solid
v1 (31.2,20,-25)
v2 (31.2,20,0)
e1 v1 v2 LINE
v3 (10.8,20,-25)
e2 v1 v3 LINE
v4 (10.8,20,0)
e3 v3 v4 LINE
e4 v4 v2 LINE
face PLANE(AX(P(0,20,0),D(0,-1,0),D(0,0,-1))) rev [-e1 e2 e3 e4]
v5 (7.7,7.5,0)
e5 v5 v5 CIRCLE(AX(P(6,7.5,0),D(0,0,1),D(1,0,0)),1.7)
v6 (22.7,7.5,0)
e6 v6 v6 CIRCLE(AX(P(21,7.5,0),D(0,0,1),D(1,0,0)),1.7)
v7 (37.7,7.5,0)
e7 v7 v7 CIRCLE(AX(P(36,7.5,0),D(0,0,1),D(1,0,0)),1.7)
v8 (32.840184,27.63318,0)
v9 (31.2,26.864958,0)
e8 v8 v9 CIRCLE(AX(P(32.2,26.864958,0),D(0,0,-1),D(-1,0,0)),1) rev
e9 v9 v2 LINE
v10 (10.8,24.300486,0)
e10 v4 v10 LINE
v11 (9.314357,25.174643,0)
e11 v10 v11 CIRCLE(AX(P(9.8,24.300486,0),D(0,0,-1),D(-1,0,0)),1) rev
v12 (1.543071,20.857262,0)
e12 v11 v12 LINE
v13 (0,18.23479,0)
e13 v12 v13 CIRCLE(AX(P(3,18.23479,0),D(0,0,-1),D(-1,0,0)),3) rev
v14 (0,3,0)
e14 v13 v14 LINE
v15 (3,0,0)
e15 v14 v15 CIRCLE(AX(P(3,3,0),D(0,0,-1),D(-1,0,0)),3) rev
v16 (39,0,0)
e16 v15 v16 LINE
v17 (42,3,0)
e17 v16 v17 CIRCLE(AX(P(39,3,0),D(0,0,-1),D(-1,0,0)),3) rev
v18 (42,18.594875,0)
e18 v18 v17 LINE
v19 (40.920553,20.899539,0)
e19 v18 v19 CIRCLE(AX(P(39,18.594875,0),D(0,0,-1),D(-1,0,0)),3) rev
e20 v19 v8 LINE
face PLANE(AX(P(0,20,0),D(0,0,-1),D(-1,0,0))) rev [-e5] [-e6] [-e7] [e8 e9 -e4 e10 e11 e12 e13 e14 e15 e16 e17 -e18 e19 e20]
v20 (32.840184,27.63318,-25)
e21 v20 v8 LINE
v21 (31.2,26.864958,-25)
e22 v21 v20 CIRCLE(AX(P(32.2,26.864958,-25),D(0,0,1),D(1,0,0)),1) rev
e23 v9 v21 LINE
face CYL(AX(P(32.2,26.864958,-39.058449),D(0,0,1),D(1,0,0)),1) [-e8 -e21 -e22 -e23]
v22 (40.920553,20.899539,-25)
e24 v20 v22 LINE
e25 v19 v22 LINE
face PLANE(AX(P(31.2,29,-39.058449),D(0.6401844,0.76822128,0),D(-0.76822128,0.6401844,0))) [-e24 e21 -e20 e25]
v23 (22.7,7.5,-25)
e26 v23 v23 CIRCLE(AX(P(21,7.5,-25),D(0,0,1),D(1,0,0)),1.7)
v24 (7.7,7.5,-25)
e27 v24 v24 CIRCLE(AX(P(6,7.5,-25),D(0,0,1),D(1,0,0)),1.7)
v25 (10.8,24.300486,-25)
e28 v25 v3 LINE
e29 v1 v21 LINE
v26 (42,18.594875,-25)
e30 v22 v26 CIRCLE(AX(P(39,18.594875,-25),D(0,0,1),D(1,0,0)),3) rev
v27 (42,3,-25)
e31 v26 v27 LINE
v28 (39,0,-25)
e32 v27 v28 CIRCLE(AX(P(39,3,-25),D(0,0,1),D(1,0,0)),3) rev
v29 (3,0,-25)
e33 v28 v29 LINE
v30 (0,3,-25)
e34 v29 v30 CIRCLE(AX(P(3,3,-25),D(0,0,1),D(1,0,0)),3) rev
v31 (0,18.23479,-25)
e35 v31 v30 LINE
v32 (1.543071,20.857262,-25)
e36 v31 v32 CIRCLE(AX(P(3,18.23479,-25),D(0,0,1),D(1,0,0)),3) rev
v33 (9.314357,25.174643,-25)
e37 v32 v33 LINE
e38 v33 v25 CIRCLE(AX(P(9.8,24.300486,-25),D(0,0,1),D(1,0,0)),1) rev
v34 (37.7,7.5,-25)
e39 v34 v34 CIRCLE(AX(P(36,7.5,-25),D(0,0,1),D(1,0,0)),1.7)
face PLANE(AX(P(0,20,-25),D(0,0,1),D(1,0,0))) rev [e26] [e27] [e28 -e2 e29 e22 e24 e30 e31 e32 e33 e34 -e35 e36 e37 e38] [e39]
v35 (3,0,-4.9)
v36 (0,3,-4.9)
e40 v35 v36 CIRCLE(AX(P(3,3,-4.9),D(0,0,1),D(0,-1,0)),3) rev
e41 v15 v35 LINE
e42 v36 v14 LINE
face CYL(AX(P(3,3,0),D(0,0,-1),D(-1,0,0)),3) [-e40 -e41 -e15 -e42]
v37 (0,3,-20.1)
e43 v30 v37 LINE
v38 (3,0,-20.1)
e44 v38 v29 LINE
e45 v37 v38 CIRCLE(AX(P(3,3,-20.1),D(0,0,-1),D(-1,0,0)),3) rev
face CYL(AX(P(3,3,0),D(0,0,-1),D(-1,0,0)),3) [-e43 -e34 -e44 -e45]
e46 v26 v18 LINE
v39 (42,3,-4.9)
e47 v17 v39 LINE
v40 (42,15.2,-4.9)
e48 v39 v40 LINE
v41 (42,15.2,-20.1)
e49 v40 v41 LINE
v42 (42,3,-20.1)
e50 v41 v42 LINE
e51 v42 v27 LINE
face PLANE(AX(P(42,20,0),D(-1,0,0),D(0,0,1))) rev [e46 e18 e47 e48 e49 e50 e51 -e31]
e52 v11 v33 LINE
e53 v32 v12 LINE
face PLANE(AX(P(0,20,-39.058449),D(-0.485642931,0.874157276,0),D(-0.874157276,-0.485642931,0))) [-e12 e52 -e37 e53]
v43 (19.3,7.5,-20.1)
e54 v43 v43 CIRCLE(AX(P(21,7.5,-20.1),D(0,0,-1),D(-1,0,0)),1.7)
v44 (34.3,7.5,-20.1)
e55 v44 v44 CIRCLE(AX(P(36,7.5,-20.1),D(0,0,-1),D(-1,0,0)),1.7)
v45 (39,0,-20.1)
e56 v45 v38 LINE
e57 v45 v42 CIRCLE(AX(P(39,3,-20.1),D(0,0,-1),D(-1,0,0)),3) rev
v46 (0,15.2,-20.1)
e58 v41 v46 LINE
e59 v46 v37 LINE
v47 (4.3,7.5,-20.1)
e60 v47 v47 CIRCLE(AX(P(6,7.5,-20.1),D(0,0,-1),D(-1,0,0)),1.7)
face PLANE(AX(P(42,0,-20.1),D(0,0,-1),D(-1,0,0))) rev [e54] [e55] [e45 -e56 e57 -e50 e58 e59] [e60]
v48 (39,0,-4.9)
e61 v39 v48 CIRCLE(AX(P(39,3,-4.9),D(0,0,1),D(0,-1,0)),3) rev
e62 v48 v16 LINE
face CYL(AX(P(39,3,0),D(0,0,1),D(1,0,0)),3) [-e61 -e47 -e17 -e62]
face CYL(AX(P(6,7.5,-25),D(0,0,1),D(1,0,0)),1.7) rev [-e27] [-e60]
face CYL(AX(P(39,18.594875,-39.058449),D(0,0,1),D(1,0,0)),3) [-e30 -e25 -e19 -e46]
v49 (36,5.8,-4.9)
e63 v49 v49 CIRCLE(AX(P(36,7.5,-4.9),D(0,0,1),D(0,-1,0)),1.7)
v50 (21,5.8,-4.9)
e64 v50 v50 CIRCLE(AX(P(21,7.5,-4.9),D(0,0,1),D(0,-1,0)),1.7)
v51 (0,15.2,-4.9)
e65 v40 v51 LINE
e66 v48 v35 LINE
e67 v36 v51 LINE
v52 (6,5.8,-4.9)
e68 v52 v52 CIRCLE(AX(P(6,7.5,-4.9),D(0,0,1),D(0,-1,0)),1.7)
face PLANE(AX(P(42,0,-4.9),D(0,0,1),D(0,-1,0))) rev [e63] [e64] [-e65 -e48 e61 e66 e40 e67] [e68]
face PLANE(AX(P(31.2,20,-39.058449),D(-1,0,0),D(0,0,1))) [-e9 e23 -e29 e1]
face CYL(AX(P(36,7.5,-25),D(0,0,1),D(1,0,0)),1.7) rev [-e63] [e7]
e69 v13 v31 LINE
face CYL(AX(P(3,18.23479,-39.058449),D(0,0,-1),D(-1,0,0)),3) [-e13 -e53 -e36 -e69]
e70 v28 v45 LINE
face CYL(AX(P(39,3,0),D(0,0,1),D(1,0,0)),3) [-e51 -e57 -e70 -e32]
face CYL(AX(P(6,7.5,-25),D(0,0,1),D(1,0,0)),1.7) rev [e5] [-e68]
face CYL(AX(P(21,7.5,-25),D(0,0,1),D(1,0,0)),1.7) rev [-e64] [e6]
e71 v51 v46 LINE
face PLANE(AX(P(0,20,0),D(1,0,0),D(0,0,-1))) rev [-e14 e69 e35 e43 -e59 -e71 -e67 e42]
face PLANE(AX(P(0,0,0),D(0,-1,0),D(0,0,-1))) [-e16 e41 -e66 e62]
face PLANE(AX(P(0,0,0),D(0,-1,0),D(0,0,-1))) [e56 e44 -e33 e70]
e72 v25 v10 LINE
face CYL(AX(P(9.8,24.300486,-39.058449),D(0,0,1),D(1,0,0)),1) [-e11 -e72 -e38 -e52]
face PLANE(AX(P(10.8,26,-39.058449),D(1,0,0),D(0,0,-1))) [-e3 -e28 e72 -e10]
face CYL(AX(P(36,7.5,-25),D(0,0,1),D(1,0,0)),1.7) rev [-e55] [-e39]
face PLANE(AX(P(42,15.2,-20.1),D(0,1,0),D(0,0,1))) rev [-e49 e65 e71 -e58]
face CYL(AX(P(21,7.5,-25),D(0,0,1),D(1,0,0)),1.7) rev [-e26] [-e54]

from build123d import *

# Parameters (mm, degrees)
SKETCH_1_W          = 42
SKETCH_1_H          = 25
EXTRUDE_1_DEPTH     = 20
SKETCH_2_W          = 15.2
SKETCH_2_H          = 15.2
CUT_EXTRUDE_1_DEPTH = 53.810983706
EXTRUDE_2_DEPTH     = 25
SKETCH_5_R          = 1.7
CUT_EXTRUDE_2_DEPTH = 57.833088954
FILLET_1_R          = 3
FILLET_3_R          = 1


with BuildPart() as part:
    # 草图1 → 凸台-拉伸1 (new body)
    with BuildSketch(Plane(origin=(0, 0, 0), x_dir=(1, 0, 0), z_dir=(0, 1, 0))):
        with Locations((21, 12.5)):
            Rectangle(SKETCH_1_W, SKETCH_1_H)
    extrude(amount=EXTRUDE_1_DEPTH)

    # 草图2 → 切除-拉伸1 (cut, through all)
    with BuildSketch(Plane.ZY):
        with Locations((-12.5, 7.6)):
            Rectangle(SKETCH_2_W, SKETCH_2_H)
    extrude(amount=-CUT_EXTRUDE_1_DEPTH, mode=Mode.SUBTRACT)

    # 草图4 → 凸台-拉伸2 (add)
    with BuildSketch(Plane.XY):
        Polygon((10.8, 26), (10.8, 20), (0, 20), align=None)
        Polygon((31.2, 20), (31.2, 29), (42, 20), align=None)
    extrude(amount=-EXTRUDE_2_DEPTH)

    # 草图5 → 切除-拉伸2 (cut, through all)
    with BuildSketch(Plane.XY):
        with Locations((6, 7.5)):
            Circle(SKETCH_5_R)
        with Locations((21, 7.5)):
            Circle(SKETCH_5_R)
        with Locations((36, 7.5)):
            Circle(SKETCH_5_R)
    extrude(amount=-CUT_EXTRUDE_2_DEPTH, mode=Mode.SUBTRACT)

    # 圆角1
    fillet_1_edges = [part.edges().sort_by_distance(p)[0] for p in [
        (42, 20, -12.5),
        (0, 0, -2.45),
        (42, 0, -22.55),
        (0, 20, -12.5),
        (42, 0, -2.45),
        (0, 0, -22.55),
    ]]
    fillet(fillet_1_edges, radius=FILLET_1_R)

    # 圆角3
    fillet_3_edges = [part.edges().sort_by_distance(p)[0] for p in [
        (10.8, 26, -12.5),
        (31.2, 29, -12.5),
    ]]
    fillet(fillet_3_edges, radius=FILLET_3_R)


solid = part.part
